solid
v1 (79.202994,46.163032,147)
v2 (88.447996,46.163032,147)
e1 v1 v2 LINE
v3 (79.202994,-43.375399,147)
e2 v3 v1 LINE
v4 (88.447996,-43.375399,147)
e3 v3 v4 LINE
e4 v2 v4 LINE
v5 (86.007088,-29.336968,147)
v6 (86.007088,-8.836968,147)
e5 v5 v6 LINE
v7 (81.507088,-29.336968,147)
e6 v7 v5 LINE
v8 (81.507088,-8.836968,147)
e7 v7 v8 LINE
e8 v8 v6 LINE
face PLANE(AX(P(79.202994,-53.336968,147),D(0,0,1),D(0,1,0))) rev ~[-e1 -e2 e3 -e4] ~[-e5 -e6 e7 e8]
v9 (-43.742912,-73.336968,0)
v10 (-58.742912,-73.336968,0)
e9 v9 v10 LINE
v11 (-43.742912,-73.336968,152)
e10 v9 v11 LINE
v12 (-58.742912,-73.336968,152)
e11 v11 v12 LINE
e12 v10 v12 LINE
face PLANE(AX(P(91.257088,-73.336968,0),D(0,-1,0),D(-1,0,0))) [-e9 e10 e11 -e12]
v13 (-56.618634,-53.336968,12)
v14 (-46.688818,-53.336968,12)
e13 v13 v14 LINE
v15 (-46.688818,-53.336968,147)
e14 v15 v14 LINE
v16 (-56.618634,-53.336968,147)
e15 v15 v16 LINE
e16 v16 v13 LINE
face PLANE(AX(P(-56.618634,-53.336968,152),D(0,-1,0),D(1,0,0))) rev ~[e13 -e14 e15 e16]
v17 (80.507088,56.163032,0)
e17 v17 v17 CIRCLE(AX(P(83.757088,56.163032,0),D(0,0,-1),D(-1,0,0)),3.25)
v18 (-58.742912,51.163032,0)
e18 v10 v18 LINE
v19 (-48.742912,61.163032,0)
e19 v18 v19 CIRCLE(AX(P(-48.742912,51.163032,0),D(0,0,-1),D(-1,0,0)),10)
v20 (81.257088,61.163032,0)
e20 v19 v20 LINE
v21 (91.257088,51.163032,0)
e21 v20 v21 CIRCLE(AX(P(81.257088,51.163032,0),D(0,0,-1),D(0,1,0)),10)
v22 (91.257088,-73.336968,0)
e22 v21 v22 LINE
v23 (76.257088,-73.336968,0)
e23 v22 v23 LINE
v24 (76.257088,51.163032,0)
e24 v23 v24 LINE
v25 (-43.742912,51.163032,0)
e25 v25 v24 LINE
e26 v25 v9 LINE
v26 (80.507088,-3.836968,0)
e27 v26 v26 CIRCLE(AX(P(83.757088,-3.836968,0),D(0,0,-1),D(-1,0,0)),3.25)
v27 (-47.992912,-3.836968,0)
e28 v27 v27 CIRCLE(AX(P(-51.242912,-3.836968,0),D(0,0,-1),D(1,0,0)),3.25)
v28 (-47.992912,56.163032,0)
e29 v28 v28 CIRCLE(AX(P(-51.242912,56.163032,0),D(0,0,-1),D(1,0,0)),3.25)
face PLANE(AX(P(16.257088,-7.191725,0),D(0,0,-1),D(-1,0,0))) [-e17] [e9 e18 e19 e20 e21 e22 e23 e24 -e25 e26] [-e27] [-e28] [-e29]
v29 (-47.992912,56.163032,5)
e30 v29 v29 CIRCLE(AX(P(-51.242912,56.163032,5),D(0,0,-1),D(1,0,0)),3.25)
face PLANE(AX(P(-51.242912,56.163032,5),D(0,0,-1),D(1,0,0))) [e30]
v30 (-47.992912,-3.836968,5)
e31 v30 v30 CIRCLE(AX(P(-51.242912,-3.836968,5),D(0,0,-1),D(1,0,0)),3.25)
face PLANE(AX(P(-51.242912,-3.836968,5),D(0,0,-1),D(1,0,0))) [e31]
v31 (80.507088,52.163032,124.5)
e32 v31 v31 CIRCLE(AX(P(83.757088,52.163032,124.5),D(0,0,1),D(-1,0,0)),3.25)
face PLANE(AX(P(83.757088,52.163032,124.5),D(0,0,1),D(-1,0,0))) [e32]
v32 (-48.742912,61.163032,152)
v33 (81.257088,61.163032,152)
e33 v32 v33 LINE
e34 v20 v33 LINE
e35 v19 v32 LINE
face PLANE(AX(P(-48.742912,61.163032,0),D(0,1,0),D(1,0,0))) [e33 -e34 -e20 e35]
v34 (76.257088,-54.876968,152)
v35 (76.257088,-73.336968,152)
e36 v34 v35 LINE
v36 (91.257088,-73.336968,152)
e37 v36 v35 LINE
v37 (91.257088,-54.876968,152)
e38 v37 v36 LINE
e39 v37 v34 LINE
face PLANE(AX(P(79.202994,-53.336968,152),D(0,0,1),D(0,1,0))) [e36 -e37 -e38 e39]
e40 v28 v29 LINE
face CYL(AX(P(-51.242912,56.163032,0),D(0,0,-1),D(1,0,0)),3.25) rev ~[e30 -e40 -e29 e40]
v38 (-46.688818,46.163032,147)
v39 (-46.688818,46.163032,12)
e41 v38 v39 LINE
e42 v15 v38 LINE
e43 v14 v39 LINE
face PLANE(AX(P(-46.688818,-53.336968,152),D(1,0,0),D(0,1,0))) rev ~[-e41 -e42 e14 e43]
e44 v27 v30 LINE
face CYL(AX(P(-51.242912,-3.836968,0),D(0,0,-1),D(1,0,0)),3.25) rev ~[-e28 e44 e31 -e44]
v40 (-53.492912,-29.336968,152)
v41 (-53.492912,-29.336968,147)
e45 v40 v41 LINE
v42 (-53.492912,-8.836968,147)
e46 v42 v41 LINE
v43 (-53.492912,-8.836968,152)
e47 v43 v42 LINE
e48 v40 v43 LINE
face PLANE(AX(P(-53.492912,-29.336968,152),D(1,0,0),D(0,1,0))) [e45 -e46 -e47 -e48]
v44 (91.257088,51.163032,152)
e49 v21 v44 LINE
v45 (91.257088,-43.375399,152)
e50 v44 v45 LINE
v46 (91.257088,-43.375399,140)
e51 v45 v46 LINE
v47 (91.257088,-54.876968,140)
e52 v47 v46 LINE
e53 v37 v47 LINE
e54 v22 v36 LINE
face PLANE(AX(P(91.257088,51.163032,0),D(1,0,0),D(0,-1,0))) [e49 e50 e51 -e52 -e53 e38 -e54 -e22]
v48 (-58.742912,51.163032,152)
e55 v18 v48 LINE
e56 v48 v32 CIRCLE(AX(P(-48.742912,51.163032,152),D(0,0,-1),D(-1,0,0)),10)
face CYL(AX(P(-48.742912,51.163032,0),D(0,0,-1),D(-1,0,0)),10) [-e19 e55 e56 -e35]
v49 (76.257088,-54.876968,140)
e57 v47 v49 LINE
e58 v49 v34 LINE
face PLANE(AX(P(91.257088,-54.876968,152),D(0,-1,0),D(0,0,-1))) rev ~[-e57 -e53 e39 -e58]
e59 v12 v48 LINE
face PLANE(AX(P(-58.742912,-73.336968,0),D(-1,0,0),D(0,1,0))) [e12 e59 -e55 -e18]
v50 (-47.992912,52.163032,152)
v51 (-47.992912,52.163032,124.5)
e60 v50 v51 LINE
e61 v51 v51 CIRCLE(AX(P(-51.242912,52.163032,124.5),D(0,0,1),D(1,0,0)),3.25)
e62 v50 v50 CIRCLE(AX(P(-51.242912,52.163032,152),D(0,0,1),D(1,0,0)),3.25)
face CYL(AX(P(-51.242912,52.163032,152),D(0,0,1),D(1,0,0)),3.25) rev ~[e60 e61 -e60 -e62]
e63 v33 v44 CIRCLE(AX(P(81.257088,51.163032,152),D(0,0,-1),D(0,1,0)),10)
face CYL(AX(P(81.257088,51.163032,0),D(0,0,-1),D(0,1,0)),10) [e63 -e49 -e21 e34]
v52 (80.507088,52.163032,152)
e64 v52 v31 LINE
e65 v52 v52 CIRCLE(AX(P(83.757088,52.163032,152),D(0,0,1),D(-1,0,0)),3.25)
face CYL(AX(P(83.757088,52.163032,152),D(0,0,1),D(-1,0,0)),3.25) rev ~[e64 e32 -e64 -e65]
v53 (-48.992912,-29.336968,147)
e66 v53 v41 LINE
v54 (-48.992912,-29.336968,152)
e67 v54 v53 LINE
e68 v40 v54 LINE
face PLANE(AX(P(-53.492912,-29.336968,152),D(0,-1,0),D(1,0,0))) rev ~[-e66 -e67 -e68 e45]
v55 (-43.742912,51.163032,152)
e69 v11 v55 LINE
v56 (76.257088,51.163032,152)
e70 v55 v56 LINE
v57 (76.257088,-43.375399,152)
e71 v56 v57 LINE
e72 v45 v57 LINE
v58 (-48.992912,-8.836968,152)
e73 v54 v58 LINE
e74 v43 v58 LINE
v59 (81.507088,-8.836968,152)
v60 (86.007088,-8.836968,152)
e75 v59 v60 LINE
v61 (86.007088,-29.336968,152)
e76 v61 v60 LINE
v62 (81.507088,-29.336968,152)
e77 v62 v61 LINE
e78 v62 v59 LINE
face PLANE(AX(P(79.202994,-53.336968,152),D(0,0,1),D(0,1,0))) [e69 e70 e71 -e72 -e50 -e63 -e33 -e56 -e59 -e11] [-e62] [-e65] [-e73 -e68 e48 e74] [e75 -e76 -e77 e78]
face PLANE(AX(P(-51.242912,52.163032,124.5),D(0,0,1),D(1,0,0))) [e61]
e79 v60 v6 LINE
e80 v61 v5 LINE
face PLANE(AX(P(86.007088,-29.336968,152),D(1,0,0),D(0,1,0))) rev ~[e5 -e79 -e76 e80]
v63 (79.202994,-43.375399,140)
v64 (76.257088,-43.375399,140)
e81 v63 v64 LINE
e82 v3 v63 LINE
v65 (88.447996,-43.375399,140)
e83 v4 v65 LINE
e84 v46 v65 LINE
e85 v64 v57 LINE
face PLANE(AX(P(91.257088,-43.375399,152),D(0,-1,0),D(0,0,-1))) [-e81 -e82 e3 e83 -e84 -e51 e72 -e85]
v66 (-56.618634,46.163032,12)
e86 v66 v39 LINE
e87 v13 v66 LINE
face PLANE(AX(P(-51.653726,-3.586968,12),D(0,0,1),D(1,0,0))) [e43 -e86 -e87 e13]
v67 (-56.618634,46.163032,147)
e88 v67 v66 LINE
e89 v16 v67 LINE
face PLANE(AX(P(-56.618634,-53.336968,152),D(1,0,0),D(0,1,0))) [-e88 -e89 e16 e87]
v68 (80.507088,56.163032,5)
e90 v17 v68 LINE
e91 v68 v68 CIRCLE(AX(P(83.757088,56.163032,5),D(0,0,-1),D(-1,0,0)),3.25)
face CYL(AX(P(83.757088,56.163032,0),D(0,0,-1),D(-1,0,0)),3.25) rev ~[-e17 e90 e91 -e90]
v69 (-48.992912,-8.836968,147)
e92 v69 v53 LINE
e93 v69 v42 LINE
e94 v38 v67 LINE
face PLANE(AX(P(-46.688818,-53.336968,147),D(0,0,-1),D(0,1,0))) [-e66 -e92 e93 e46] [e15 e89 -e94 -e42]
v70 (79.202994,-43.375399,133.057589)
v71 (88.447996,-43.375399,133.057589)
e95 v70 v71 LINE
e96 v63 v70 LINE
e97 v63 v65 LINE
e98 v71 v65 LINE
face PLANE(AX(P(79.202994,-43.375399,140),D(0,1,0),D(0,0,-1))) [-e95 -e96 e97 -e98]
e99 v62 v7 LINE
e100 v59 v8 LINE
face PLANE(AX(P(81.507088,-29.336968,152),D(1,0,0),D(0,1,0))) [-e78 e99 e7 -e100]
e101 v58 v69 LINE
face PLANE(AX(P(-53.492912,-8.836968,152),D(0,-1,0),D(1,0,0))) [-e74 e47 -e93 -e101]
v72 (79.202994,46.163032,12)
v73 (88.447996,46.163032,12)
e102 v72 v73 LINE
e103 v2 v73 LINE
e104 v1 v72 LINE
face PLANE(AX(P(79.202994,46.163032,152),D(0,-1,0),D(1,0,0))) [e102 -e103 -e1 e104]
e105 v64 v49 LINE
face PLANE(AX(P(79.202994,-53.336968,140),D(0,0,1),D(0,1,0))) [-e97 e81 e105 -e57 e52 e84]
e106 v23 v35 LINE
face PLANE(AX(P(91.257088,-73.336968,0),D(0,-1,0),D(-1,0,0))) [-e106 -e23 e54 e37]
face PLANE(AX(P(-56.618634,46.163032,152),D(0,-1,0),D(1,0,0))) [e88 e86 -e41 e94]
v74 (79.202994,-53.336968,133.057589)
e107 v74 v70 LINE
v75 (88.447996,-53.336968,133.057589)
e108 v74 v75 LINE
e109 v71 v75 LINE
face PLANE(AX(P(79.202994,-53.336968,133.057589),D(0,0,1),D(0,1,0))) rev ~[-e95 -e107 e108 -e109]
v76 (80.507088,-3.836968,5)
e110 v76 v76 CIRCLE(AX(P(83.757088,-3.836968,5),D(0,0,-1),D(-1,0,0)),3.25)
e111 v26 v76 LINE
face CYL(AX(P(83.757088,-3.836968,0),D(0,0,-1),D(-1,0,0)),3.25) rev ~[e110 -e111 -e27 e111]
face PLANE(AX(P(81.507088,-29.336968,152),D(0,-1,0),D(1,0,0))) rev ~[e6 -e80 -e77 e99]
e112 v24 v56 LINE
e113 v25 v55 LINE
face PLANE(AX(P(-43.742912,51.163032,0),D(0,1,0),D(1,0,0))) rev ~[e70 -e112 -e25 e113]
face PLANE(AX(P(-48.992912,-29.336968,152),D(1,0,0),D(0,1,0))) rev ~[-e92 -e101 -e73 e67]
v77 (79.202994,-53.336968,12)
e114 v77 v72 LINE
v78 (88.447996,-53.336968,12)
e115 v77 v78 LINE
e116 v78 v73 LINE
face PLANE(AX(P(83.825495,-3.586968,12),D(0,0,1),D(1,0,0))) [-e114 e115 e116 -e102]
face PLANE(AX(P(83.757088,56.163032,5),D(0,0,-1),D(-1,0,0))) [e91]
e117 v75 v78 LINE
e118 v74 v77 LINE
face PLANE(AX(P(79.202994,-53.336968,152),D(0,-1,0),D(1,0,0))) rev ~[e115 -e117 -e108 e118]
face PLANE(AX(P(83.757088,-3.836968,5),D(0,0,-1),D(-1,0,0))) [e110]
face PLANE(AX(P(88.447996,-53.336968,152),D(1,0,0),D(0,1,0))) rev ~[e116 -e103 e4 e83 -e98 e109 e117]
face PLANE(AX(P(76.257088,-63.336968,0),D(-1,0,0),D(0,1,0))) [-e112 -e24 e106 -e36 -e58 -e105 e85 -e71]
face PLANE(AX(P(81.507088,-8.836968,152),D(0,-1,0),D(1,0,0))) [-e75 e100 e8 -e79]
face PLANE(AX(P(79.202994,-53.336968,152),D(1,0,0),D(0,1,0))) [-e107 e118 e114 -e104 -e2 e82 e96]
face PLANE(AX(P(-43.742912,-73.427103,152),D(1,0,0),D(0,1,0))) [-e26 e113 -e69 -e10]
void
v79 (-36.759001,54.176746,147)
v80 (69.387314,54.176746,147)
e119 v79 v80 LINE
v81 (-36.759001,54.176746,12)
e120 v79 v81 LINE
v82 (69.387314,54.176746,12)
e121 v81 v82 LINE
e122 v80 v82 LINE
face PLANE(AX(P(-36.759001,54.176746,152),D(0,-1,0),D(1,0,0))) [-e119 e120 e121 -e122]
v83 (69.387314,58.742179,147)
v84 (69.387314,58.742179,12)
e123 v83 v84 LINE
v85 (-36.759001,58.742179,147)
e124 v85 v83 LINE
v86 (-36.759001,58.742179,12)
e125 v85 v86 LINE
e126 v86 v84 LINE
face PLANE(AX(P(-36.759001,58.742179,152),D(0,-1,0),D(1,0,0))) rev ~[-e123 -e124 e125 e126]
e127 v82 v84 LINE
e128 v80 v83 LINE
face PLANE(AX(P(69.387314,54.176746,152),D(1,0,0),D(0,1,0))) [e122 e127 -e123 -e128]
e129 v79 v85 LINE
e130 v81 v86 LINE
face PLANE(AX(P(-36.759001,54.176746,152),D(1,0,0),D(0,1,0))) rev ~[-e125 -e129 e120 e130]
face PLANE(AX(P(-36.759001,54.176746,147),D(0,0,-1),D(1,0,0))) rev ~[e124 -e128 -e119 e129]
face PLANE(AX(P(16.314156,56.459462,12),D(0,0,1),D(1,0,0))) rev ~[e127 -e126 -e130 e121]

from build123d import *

# Parameters (mm, degrees)
SKETCH2_W           = 120
SKETCH2_H           = 114.5
BOSS_EXTRUDE1_DEPTH = 152
SKETCH3_R           = 3.25
CUT_EXTRUDE1_DEPTH  = 27.5
SKETCH4_W           = 120
SKETCH4_H           = 10.090135052
CUT_EXTRUDE2_DEPTH  = 192.859758942
SKETCH5_W           = 9.929816524
SKETCH5_H           = 99.5
SKETCH5_W_2         = 106.146314573
SKETCH5_H_2         = 4.565432885
SKETCH5_W_3         = 9.245001591
CUT_EXTRUDE3_DEPTH  = 140
SKETCH6_W           = 5
SKETCH6_H           = 99.5
BOSS_EXTRUDE2_DEPTH = 10
SKETCH7_W           = 106.146314573
SKETCH7_H           = 5
BOSS_EXTRUDE3_DEPTH = 6
SKETCH8_W           = 5
SKETCH8_H           = 99.5
BOSS_EXTRUDE4_DEPTH = 10
SKETCH9_R           = 3.25
CUT_EXTRUDE4_DEPTH  = 5
SKETCH11_W          = 12
SKETCH11_H          = 11.501568892
CUT_EXTRUDE5_DEPTH  = 35
SKETCH12_W          = 6.942410631
SKETCH12_H          = 9.961568892
BOSS_EXTRUDE5_DEPTH = 9.5
SKETCH13_W          = 4.5
SKETCH13_H          = 20.5
CUT_EXTRUDE6_DEPTH  = 15


with BuildPart() as part:
    # Sketch2 → Boss-Extrude1 (new body)
    with BuildSketch(Plane.XY):
        with BuildLine():
            Line((-48.742911668, 61.163031625), (81.257088332, 61.163031625))
            ThreePointArc((81.257088332, 61.163031625), (88.328156143, 58.234099437), (91.257088332, 51.163031625))
            Line((91.257088332, 51.163031625), (91.257088332, -73.336968375))
            Line((91.257088332, -73.336968375), (-58.742911668, -73.336968375))
            Line((-58.742911668, -73.336968375), (-58.742911668, 51.163031625))
            ThreePointArc((-58.742911668, 51.163031625), (-55.81397948, 58.234099437), (-48.742911668, 61.163031625))
        make_face()
        with Locations((16.257088332, -6.086968375)):
            Rectangle(SKETCH2_W, SKETCH2_H, mode=Mode.SUBTRACT)
    extrude(amount=BOSS_EXTRUDE1_DEPTH)

    # Sketch3 → Cut-Extrude1 (cut)
    with BuildSketch(Plane.XY.offset(152)):
        with Locations((-51.242911668, 52.163031625)):
            Circle(SKETCH3_R)
        with Locations((83.757088332, 52.163031625)):
            Circle(SKETCH3_R)
    extrude(amount=-CUT_EXTRUDE1_DEPTH, mode=Mode.SUBTRACT)

    # Sketch4 → Cut-Extrude2 (cut, through all)
    with BuildSketch(Plane.XY.offset(152)):
        with Locations((16.257088332, -68.382035901)):
            Rectangle(SKETCH4_W, SKETCH4_H)
    extrude(amount=-CUT_EXTRUDE2_DEPTH, mode=Mode.SUBTRACT)

    # Sketch5 → Cut-Extrude3 (cut)
    with BuildSketch(Plane.XY.offset(152)):
        with Locations((-51.653725831, -3.586968375)):
            Rectangle(SKETCH5_W, SKETCH5_H)
        with Locations((16.314156243, 56.459462148)):
            Rectangle(SKETCH5_W_2, SKETCH5_H_2)
        with Locations((83.825495028, -3.586968375)):
            Rectangle(SKETCH5_W_3, SKETCH5_H)
    extrude(amount=-CUT_EXTRUDE3_DEPTH, mode=Mode.SUBTRACT)

    # Sketch6 → Boss-Extrude2 (add)
    with BuildSketch(Plane.ZY.offset(46.688817569)):
        with Locations((149.5, -3.586968375)):
            Rectangle(SKETCH6_W, SKETCH6_H)
    extrude(amount=BOSS_EXTRUDE2_DEPTH)

    # Sketch7 → Boss-Extrude3 (add)
    with BuildSketch(Plane(origin=(0, 54.176745705, 0), x_dir=(1, 0, 0), z_dir=(0, 1, 0))):
        with Locations((16.314156243, -149.5)):
            Rectangle(SKETCH7_W, SKETCH7_H)
    extrude(amount=BOSS_EXTRUDE3_DEPTH)

    # Sketch8 → Boss-Extrude4 (add)
    with BuildSketch(Plane(origin=(79.202994232, 0, 0), x_dir=(0, 0, -1), z_dir=(1, 0, 0))):
        with Locations((-149.5, -3.586968375)):
            Rectangle(SKETCH8_W, SKETCH8_H)
    extrude(amount=BOSS_EXTRUDE4_DEPTH)

    # Sketch9 → Cut-Extrude4 (cut)
    with BuildSketch(Plane(origin=(0, 0, 0), x_dir=(-1, 0, 0), z_dir=(0, 0, -1))):
        with Locations((-83.757088332, 56.163031625)):
            Circle(SKETCH9_R)
        with Locations((-83.757088332, -3.836968375)):
            Circle(SKETCH9_R)
        with Locations((51.242911668, -3.836968375)):
            Circle(SKETCH9_R)
        with Locations((51.242911668, 56.163031625)):
            Circle(SKETCH9_R)
    extrude(amount=-CUT_EXTRUDE4_DEPTH, mode=Mode.SUBTRACT)

    # Sketch11 → Cut-Extrude5 (cut)
    with BuildSketch(Plane(origin=(91.257088332, 0, 0), x_dir=(0, 0, -1), z_dir=(1, 0, 0))):
        with Locations((-146, -49.126183929)):
            Rectangle(SKETCH11_W, SKETCH11_H)
    extrude(amount=-CUT_EXTRUDE5_DEPTH, mode=Mode.SUBTRACT)

    # Sketch12 → Boss-Extrude5 (add)
    with BuildSketch(Plane(origin=(79.202994232, 0, 0), x_dir=(0, 0, -1), z_dir=(1, 0, 0))):
        with Locations((-136.528794684, -48.356183929)):
            Rectangle(SKETCH12_W, SKETCH12_H)
    extrude(amount=BOSS_EXTRUDE5_DEPTH)

    # Sketch13 → Cut-Extrude6 (cut)
    with BuildSketch(Plane.XY.offset(152)):
        with Locations((83.757088332, -19.086968375)):
            Rectangle(SKETCH13_W, SKETCH13_H)
        with Locations((-51.242911668, -19.086968375)):
            Rectangle(SKETCH13_W, SKETCH13_H)
    extrude(amount=-CUT_EXTRUDE6_DEPTH, mode=Mode.SUBTRACT)


solid = part.part
